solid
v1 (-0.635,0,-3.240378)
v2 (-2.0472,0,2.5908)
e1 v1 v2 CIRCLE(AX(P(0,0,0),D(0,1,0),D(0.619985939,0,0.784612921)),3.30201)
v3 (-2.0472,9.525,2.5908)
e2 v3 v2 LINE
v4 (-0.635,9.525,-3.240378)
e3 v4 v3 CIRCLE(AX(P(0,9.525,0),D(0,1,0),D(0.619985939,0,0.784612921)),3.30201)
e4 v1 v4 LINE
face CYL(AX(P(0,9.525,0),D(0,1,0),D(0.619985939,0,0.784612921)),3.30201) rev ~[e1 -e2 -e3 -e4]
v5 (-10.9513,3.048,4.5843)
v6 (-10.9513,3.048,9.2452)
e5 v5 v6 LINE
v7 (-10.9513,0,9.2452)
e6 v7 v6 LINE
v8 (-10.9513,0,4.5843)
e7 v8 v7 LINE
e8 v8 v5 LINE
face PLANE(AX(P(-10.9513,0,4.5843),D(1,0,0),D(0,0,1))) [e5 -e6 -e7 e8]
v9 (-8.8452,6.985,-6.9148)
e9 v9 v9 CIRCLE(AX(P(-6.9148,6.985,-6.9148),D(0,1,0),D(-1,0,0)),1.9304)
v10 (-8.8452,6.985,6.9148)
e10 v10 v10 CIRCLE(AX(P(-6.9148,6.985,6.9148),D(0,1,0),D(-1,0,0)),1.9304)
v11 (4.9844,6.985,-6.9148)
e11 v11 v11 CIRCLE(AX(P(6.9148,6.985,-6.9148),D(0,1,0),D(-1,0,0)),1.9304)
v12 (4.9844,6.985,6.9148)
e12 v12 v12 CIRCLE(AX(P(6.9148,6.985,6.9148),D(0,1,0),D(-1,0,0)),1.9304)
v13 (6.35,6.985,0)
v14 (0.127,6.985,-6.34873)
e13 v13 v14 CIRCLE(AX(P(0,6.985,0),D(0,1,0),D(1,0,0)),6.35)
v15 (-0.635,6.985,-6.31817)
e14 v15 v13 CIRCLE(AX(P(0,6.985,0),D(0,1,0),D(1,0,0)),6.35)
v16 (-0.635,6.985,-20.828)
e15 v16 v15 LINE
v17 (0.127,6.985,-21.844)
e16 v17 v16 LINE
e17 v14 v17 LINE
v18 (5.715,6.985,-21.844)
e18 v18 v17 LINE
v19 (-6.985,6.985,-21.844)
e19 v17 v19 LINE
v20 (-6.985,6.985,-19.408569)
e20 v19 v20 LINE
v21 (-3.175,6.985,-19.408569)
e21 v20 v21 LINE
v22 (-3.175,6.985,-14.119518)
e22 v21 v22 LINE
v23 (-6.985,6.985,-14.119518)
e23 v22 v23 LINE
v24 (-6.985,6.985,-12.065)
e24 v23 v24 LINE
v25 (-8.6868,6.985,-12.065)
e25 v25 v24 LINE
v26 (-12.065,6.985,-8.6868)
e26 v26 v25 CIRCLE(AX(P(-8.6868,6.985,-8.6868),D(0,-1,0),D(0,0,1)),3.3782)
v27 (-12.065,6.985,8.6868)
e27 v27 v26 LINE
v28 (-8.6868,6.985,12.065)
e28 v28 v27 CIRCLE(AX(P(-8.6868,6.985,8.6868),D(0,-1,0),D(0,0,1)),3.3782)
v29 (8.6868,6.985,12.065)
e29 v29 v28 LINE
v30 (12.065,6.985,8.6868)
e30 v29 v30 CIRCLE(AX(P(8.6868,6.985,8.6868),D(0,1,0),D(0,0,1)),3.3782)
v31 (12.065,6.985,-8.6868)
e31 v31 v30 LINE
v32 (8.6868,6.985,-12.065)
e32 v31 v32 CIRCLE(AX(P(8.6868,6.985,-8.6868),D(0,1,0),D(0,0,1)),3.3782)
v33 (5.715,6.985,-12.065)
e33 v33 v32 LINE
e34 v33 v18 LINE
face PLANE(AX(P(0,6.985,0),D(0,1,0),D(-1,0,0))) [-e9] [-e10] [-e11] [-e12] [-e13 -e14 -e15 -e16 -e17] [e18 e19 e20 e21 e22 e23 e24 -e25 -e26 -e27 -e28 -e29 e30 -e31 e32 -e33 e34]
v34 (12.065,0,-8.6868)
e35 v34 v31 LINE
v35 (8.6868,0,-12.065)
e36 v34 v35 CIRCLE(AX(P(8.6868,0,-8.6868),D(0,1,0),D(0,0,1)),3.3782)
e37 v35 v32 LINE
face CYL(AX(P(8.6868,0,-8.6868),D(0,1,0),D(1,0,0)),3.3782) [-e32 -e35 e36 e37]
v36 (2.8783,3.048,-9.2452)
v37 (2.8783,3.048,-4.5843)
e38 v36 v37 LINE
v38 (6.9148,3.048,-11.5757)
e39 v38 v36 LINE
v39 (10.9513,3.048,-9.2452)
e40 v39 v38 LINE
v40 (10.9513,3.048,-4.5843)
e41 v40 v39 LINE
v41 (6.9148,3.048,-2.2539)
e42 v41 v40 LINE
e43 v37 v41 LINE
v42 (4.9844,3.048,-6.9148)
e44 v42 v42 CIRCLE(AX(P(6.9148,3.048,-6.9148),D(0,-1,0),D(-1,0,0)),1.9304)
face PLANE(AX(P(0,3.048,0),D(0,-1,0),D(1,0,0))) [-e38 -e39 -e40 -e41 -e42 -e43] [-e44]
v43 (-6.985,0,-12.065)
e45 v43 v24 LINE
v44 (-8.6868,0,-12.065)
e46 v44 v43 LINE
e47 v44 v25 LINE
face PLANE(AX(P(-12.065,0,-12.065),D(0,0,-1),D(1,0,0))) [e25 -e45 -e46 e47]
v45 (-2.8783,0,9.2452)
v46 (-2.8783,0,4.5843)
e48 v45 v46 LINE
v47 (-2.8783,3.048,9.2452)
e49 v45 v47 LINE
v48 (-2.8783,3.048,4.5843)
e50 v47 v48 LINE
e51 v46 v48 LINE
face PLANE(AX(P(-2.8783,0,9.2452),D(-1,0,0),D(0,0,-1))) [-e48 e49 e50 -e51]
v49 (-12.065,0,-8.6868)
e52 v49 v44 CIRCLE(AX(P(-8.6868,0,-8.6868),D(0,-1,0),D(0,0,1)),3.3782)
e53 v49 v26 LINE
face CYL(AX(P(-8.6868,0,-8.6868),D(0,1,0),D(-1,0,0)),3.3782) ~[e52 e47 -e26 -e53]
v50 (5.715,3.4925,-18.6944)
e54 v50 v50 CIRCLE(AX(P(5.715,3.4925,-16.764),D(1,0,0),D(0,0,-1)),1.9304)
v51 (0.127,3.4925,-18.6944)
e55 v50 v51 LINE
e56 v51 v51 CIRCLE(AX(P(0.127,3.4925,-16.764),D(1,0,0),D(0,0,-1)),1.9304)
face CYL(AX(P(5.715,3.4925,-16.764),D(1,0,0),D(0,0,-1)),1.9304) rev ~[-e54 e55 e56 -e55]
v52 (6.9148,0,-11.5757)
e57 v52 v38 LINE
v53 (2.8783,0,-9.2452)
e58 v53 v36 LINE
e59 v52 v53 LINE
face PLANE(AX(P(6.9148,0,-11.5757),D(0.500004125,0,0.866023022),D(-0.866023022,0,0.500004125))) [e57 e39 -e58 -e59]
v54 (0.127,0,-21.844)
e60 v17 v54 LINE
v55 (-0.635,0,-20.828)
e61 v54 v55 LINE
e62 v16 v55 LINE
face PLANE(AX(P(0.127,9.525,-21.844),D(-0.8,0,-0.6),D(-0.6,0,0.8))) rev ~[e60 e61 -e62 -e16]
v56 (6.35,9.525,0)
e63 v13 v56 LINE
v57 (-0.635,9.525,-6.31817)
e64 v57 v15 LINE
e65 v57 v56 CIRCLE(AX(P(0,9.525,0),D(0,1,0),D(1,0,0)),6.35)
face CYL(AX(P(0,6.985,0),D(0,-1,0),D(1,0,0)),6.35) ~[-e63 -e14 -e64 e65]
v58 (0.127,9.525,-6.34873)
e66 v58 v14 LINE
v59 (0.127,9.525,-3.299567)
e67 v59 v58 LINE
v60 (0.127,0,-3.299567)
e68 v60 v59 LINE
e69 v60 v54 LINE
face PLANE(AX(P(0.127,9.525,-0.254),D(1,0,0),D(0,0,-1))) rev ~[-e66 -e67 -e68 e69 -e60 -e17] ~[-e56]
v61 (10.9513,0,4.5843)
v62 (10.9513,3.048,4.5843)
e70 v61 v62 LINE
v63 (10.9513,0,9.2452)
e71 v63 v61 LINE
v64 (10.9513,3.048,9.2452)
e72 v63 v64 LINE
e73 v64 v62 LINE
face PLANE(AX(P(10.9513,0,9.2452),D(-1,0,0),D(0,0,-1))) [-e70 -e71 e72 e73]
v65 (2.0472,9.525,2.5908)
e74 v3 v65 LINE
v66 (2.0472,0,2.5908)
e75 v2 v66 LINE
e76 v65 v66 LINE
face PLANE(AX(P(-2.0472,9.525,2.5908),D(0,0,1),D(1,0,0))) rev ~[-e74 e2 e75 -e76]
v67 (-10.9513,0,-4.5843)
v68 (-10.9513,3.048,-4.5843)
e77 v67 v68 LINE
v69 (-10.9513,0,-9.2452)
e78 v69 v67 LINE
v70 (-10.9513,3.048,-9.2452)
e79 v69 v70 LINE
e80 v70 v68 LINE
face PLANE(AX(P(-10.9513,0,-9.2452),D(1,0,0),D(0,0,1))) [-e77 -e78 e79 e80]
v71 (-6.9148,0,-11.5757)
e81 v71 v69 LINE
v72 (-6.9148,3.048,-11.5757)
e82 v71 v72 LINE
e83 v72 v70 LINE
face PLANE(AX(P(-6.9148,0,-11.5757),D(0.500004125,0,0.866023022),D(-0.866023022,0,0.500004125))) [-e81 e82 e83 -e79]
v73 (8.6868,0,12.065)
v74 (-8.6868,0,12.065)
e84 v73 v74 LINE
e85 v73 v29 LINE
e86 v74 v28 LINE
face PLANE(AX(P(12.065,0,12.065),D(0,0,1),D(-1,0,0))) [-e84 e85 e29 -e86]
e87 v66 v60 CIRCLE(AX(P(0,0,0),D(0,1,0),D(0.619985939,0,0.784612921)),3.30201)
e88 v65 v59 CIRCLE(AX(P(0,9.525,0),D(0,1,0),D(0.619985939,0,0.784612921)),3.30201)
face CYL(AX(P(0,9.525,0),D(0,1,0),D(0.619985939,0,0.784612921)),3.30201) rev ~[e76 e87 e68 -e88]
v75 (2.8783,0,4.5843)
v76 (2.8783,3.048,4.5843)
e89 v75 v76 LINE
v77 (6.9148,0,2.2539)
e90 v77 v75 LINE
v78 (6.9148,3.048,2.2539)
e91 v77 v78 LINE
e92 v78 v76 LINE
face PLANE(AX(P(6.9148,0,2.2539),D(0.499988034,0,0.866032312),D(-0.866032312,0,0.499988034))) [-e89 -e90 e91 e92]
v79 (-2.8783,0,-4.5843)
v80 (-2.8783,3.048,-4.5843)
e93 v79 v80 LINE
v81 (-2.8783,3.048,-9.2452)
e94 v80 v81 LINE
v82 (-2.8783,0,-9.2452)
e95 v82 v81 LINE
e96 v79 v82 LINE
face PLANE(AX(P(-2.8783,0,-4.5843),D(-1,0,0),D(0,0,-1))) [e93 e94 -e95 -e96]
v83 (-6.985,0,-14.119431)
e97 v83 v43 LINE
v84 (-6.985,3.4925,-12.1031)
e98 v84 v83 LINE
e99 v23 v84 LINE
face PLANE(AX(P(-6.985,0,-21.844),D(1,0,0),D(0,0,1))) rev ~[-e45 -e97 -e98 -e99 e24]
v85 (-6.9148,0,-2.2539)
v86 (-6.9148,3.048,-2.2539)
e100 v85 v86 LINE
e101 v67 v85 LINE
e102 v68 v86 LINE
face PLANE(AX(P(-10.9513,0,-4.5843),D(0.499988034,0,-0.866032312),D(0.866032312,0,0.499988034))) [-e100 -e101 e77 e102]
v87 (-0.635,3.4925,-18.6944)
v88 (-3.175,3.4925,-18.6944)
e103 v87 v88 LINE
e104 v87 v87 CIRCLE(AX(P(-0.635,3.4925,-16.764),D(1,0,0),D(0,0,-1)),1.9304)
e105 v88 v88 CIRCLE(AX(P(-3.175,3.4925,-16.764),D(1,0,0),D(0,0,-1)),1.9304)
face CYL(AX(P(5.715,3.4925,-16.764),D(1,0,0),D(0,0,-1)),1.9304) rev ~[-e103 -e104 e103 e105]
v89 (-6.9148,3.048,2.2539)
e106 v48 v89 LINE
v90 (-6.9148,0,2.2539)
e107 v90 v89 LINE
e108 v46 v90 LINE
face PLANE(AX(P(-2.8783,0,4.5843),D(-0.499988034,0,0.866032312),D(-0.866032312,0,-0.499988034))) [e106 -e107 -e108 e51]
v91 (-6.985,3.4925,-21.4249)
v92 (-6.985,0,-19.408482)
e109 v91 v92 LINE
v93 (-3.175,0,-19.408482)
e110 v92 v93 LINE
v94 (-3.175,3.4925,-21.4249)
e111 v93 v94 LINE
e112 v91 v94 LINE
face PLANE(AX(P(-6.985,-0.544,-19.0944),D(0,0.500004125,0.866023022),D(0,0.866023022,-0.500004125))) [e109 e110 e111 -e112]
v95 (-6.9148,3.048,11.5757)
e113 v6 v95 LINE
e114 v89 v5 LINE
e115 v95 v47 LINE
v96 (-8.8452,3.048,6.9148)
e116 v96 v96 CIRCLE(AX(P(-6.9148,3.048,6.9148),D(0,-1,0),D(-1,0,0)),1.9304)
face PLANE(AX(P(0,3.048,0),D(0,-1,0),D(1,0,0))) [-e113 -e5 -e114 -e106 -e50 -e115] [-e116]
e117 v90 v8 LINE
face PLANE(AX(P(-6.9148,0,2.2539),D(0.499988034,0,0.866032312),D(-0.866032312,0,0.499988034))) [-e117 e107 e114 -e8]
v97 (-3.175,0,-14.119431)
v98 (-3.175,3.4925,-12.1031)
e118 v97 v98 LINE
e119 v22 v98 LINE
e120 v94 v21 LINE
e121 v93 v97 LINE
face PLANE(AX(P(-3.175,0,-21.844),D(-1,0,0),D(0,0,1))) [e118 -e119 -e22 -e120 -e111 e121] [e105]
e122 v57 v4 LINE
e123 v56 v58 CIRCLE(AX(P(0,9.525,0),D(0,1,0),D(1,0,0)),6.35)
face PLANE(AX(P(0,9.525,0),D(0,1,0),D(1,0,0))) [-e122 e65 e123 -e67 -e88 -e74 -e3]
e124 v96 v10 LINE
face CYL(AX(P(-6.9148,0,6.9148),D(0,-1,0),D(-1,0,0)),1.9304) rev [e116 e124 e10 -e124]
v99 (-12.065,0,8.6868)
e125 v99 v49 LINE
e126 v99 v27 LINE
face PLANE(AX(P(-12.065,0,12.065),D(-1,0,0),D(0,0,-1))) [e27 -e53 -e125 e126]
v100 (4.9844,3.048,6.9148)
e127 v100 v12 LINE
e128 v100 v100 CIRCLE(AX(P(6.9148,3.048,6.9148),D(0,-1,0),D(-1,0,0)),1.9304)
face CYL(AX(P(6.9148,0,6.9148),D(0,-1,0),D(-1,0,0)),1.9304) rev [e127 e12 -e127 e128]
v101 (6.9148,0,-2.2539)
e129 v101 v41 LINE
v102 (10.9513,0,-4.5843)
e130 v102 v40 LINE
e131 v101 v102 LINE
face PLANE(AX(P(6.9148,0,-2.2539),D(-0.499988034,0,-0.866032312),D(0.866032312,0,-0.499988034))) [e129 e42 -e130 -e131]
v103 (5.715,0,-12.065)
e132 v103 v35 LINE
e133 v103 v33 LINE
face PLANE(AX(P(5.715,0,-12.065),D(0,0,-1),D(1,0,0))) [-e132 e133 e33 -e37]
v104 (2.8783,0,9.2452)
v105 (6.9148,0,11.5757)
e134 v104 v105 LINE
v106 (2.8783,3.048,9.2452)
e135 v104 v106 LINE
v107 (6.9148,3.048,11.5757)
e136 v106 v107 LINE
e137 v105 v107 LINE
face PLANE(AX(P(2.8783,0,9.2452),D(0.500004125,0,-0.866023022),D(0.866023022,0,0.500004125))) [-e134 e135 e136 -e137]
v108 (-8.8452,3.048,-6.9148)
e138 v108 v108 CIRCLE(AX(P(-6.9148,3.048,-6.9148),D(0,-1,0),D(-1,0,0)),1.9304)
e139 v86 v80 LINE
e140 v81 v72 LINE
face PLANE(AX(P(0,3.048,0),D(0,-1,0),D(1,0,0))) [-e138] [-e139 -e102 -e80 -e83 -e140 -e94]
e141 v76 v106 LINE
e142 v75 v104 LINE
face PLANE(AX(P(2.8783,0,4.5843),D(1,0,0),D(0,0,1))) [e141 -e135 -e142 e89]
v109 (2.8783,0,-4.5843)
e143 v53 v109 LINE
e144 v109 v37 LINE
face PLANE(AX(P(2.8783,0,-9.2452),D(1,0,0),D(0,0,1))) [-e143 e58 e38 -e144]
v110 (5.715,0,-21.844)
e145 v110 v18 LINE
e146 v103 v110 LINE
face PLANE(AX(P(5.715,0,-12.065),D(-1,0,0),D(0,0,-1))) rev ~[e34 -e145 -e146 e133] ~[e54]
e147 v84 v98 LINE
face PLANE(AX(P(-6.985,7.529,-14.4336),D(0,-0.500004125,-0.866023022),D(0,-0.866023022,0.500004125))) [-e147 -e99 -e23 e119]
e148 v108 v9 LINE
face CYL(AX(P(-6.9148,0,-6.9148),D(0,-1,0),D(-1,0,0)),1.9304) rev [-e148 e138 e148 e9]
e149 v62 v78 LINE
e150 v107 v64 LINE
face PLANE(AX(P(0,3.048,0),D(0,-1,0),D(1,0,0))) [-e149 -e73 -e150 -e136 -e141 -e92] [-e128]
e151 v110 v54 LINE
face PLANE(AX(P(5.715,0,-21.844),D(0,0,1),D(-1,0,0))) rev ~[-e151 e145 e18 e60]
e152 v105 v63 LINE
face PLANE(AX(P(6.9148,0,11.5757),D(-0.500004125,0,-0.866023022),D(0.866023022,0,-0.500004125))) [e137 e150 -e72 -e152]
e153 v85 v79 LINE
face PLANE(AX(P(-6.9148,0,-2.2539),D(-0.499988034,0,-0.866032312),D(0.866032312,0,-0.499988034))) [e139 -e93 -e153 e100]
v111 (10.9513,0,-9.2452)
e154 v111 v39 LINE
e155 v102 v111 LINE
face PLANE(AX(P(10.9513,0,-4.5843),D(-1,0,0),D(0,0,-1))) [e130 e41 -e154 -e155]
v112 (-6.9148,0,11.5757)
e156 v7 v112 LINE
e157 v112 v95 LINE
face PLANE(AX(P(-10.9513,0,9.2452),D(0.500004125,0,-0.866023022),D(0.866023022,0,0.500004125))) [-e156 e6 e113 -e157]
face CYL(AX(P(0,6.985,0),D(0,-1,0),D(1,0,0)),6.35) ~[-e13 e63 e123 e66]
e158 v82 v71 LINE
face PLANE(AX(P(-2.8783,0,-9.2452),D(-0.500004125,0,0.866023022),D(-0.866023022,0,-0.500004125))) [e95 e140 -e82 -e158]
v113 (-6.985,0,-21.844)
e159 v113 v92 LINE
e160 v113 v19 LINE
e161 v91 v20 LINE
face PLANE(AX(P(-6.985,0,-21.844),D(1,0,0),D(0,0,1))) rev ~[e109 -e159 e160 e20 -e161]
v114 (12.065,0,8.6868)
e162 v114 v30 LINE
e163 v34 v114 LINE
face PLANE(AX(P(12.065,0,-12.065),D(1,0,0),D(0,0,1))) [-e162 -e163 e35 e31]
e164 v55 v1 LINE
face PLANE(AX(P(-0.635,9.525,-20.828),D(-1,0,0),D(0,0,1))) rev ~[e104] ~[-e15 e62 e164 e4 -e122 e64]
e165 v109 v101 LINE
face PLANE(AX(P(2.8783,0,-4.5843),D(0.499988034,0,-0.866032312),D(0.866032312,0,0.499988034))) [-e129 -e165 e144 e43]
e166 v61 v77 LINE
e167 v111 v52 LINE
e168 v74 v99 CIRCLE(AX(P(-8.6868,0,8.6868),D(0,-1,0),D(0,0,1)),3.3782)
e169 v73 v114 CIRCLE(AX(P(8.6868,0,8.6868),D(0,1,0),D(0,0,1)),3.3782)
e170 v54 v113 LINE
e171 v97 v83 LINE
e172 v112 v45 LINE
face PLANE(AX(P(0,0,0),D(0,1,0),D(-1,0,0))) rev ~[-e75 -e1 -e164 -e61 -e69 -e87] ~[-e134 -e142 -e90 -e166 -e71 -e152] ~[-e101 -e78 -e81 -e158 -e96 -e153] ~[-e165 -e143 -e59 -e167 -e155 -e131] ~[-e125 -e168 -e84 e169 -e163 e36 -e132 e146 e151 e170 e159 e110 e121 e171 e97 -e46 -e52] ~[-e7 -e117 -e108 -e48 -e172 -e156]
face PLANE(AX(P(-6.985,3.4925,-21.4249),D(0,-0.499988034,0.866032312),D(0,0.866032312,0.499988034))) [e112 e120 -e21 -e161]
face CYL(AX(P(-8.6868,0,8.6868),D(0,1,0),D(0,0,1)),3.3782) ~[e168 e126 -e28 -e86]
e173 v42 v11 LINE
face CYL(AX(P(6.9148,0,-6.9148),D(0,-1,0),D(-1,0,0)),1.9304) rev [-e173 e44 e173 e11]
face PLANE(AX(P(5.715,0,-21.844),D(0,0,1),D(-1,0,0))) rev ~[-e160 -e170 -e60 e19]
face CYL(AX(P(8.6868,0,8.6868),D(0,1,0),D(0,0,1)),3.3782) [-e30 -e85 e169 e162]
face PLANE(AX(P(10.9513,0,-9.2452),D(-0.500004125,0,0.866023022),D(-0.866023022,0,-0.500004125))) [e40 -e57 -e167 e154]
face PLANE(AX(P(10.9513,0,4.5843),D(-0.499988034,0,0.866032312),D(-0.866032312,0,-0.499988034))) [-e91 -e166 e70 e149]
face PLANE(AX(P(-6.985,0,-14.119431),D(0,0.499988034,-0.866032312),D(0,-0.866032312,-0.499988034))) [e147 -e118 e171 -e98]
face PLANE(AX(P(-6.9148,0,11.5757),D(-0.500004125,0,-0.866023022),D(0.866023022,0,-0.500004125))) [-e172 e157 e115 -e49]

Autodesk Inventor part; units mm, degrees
ref_plane "YZ Plane" through (0, 0, 0) normal (1, 0, 0) x (0, 1, 0)
ref_plane "XZ Plane" through (0, 0, 0) normal (0, 1, 0) x (-1, 0, 0)
ref_plane "XY Plane" through (0, 0, 0) normal (0, 0, 1) x (1, 0, 0)
sketch "Sketch1" plane through (0, 0, 0) normal (0, 1, 0) x (-1, 0, 0)
  line L0 (-12.065, 12.065) -> (12.065, 12.065)
  line L1 (12.065, 12.065) -> (12.065, -12.065)
  line L2 (-12.065, -12.065) -> (-12.065, 12.065)
  circle A0 centre (6.9148, -6.9148) radius 1.9304
  circle A1 centre (6.9148, 6.9148) radius 1.9304
  circle A2 centre (-6.9148, 6.9148) radius 1.9304
  circle A3 centre (-6.9148, -6.9148) radius 1.9304
  line L3 (-5.715, -12.065) -> (-5.715, -21.844)
  line L4 (-5.715, -21.844) -> (6.985, -21.844)
  line L5 (6.985, -21.844) -> (6.985, -12.065)
  line L6 (12.065, -12.065) -> (6.985, -12.065)
  line L7 (-5.715, -12.065) -> (-12.065, -12.065)
  point P0 (0, 0)
  dimension "d0" = 24.13
  dimension "d2" = 12.065
  dimension "d3" = 12.065
  dimension "d4" = 3.8608
  dimension "d5" = 6.9148
  dimension "d6" = 6.9148
  dimension "d7" = 3.8608
  dimension "d8" = 6.9148
  dimension "d9" = 6.9148
  dimension "d10" = 3.8608
  dimension "d11" = 6.9148
  dimension "d12" = 6.9148
  dimension "d13" = 3.8608
  dimension "d14" = 12.7
  dimension "d16" = 6.985
  dimension "d41" = 6.9148
  dimension "d42" = 6.9148
  dimension "d43" = 24.13
  dimension "d44" = 24.13
  dimension "d50" = 9.779
  dimension "d51" = 9.779
extrude "Shape" add sketch "Sketch1" along normal blind 6.985
sketch "Sketch2" plane through (-6.985, 0, -21.844) normal (-1, 0, 0) x (0, 0, 1)
  circle A0 centre (5.08, 3.4925) radius 4.6609 construction
  line L0 (9.779, 0) -> (0, 0) projected
  line L1 (0, 0) -> (0, 6.985) projected
  line L2 (9.7409, 3.4925) -> (7.4105, -0.544)
  line L3 (7.4105, -0.544) -> (2.7496, -0.544)
  line L4 (2.7496, -0.544) -> (0.4191, 3.4925)
  line L5 (0.4191, 3.4925) -> (2.7495, 7.529)
  line L6 (2.7495, 7.529) -> (7.4104, 7.529)
  line L7 (7.4104, 7.529) -> (9.7409, 3.4925)
  line L8 (9.779, 0) -> (9.779, 6.985) projected
  point P0 (21.844, 0)
  dimension "d19" = 9.3218
  dimension "d20" = 3.4925
  dimension "d52" = 4.699
extrude "NutWellSide" cut sketch "Sketch2" against normal blind 3.81
sketch "Sketch3" plane through (5.715, 0, -12.065) normal (1, 0, 0) x (0, 0, -1)
  circle A0 centre (4.699, 3.4925) radius 1.9304
  line L0 (9.779, 0) -> (9.779, 6.985) projected
  line L1 (0, 6.985) -> (9.779, 6.985) projected
  line L2 (0, 0) -> (0, 6.985) projected
  point P0 (-12.065, 0)
  dimension "d24" = 3.8608
  dimension "d26" = 3.4925
  dimension "d53" = 4.699
extrude "HoleClamping" cut sketch "Sketch3" against normal through all
sketch "Sketch4" plane through (0, 6.985, 0) normal (0, 1, 0) x (1, 0, 0)
  circle A0 centre (0, 0) radius 6.35
  dimension "d29" = 12.7
extrude "Boss" add sketch "Sketch4" along normal blind 2.54
sketch "Sketch5" plane through (0, 9.525, 0) normal (0, 1, 0) x (1, 0, 0)
  arc A0 (2.0472, -2.5908) -> (-2.0472, -2.5908) centre (0, 0) ccw
  line L0 (-2.0472, -2.5908) -> (2.0472, -2.5908)
  dimension "d32" = 6.604
  dimension "d33" = 2.5908
fillet "Fillet1" radius 3.3782 4 edges at (12.065, 3.4925, 12.065) (12.065, 3.4925, -12.065) (-12.065, 3.4925, 12.065) (-12.065, 3.4925, -12.065)
extrude "HoleD" cut sketch "Sketch5" against normal through all
sketch "Sketch6" plane through (0, 9.525, 0) normal (0, 1, 0) x (1, 0, 0)
  line L0 (-6.985, 21.844) -> (5.715, 21.844) projected
  line L1 (0.127, 0.254) -> (0.127, 21.844)
  line L2 (0.127, 21.844) -> (-0.635, 20.828)
  line L3 (-0.635, 20.828) -> (-0.635, 0.254)
  line L4 (-0.1123, -19.3229) -> (0.127, 21.844) construction
  line L5 (0.6195, -20.3205) -> (-0.635, 20.828) construction
  line L6 (-0.635, 0.254) -> (0.127, 0.254)
  point P0 (0, 0)
  dimension "d37" = 1.27
extrude "ClampingSlot" cut sketch "Sketch6" against normal through all
sketch "Sketch7" plane through (0, 0, 0) normal (0, -1, 0) x (1, 0, 0)
  circle A0 centre (-6.9148, 6.9148) radius 1.9304 construction
  circle A1 centre (-6.9148, 6.9148) radius 4.6609 construction
  line L0 (-6.9148, 2.2539) -> (-10.9513, 4.5843)
  line L1 (-10.9513, 4.5843) -> (-10.9513, 9.2452)
  line L2 (-10.9513, 9.2452) -> (-6.9148, 11.5757)
  line L3 (-6.9148, 11.5757) -> (-2.8783, 9.2452)
  line L4 (-2.8783, 9.2452) -> (-2.8783, 4.5843)
  line L5 (-2.8783, 4.5843) -> (-6.9148, 2.2539)
  circle A2 centre (-6.9148, -6.9148) radius 1.9304 construction
  circle A3 centre (-6.9148, -6.9148) radius 4.6609 construction
  circle A4 centre (6.9148, -6.9148) radius 1.9304 construction
  circle A5 centre (6.9148, -6.9148) radius 4.6609 construction
  circle A6 centre (6.9148, 6.9148) radius 1.9304 construction
  circle A7 centre (6.9148, 6.9148) radius 4.6609 construction
  line L6 (6.9148, 2.2539) -> (2.8783, 4.5843)
  line L7 (2.8783, 4.5843) -> (2.8783, 9.2452)
  line L8 (2.8783, 9.2452) -> (6.9148, 11.5757)
  line L9 (6.9148, 11.5757) -> (10.9513, 9.2452)
  line L10 (10.9513, 9.2452) -> (10.9513, 4.5843)
  line L11 (10.9513, 4.5843) -> (6.9148, 2.2539)
  line L12 (6.9148, -2.2539) -> (10.9513, -4.5843)
  line L13 (10.9513, -4.5843) -> (10.9513, -9.2452)
  line L14 (10.9513, -9.2452) -> (6.9148, -11.5757)
  line L15 (6.9148, -11.5757) -> (2.8783, -9.2452)
  line L16 (2.8783, -9.2452) -> (2.8783, -4.5843)
  line L17 (2.8783, -4.5843) -> (6.9148, -2.2539)
  line L18 (-6.9148, -2.2539) -> (-2.8783, -4.5843)
  line L19 (-2.8783, -4.5843) -> (-2.8783, -9.2452)
  line L20 (-2.8783, -9.2452) -> (-6.9148, -11.5757)
  line L21 (-6.9148, -11.5757) -> (-10.9513, -9.2452)
  line L22 (-10.9513, -9.2452) -> (-10.9513, -4.5843)
  line L23 (-10.9513, -4.5843) -> (-6.9148, -2.2539)
  point P0 (0, 0)
  dimension "d40" = 9.3218
  dimension "d45" = 9.3218
  dimension "d46" = 9.3218
  dimension "d47" = 9.3218
extrude "NutWellAttachment" cut sketch "Sketch7" against normal blind 3.048
equation "\"d2\" = 0.5 * d0"
equation "\"d3\" = 0.5 * d0"
equation "\"d6\" = d9"
equation "\"d7\" = d4"
equation "\"d8\" = d9"
equation "\"d9\" = d5"
equation "\"d10\" = d4"
equation "\"d11\" = d9"
equation "\"d12\" = d9"
equation "\"d13\" = d4"
equation "\"d41\" = d9"
equation "\"d42\" = d5"
equation "\"d43\" = d0"
equation "\"d44\" = d0"
properties part number "clamping hub 1_4 D nut wells"
